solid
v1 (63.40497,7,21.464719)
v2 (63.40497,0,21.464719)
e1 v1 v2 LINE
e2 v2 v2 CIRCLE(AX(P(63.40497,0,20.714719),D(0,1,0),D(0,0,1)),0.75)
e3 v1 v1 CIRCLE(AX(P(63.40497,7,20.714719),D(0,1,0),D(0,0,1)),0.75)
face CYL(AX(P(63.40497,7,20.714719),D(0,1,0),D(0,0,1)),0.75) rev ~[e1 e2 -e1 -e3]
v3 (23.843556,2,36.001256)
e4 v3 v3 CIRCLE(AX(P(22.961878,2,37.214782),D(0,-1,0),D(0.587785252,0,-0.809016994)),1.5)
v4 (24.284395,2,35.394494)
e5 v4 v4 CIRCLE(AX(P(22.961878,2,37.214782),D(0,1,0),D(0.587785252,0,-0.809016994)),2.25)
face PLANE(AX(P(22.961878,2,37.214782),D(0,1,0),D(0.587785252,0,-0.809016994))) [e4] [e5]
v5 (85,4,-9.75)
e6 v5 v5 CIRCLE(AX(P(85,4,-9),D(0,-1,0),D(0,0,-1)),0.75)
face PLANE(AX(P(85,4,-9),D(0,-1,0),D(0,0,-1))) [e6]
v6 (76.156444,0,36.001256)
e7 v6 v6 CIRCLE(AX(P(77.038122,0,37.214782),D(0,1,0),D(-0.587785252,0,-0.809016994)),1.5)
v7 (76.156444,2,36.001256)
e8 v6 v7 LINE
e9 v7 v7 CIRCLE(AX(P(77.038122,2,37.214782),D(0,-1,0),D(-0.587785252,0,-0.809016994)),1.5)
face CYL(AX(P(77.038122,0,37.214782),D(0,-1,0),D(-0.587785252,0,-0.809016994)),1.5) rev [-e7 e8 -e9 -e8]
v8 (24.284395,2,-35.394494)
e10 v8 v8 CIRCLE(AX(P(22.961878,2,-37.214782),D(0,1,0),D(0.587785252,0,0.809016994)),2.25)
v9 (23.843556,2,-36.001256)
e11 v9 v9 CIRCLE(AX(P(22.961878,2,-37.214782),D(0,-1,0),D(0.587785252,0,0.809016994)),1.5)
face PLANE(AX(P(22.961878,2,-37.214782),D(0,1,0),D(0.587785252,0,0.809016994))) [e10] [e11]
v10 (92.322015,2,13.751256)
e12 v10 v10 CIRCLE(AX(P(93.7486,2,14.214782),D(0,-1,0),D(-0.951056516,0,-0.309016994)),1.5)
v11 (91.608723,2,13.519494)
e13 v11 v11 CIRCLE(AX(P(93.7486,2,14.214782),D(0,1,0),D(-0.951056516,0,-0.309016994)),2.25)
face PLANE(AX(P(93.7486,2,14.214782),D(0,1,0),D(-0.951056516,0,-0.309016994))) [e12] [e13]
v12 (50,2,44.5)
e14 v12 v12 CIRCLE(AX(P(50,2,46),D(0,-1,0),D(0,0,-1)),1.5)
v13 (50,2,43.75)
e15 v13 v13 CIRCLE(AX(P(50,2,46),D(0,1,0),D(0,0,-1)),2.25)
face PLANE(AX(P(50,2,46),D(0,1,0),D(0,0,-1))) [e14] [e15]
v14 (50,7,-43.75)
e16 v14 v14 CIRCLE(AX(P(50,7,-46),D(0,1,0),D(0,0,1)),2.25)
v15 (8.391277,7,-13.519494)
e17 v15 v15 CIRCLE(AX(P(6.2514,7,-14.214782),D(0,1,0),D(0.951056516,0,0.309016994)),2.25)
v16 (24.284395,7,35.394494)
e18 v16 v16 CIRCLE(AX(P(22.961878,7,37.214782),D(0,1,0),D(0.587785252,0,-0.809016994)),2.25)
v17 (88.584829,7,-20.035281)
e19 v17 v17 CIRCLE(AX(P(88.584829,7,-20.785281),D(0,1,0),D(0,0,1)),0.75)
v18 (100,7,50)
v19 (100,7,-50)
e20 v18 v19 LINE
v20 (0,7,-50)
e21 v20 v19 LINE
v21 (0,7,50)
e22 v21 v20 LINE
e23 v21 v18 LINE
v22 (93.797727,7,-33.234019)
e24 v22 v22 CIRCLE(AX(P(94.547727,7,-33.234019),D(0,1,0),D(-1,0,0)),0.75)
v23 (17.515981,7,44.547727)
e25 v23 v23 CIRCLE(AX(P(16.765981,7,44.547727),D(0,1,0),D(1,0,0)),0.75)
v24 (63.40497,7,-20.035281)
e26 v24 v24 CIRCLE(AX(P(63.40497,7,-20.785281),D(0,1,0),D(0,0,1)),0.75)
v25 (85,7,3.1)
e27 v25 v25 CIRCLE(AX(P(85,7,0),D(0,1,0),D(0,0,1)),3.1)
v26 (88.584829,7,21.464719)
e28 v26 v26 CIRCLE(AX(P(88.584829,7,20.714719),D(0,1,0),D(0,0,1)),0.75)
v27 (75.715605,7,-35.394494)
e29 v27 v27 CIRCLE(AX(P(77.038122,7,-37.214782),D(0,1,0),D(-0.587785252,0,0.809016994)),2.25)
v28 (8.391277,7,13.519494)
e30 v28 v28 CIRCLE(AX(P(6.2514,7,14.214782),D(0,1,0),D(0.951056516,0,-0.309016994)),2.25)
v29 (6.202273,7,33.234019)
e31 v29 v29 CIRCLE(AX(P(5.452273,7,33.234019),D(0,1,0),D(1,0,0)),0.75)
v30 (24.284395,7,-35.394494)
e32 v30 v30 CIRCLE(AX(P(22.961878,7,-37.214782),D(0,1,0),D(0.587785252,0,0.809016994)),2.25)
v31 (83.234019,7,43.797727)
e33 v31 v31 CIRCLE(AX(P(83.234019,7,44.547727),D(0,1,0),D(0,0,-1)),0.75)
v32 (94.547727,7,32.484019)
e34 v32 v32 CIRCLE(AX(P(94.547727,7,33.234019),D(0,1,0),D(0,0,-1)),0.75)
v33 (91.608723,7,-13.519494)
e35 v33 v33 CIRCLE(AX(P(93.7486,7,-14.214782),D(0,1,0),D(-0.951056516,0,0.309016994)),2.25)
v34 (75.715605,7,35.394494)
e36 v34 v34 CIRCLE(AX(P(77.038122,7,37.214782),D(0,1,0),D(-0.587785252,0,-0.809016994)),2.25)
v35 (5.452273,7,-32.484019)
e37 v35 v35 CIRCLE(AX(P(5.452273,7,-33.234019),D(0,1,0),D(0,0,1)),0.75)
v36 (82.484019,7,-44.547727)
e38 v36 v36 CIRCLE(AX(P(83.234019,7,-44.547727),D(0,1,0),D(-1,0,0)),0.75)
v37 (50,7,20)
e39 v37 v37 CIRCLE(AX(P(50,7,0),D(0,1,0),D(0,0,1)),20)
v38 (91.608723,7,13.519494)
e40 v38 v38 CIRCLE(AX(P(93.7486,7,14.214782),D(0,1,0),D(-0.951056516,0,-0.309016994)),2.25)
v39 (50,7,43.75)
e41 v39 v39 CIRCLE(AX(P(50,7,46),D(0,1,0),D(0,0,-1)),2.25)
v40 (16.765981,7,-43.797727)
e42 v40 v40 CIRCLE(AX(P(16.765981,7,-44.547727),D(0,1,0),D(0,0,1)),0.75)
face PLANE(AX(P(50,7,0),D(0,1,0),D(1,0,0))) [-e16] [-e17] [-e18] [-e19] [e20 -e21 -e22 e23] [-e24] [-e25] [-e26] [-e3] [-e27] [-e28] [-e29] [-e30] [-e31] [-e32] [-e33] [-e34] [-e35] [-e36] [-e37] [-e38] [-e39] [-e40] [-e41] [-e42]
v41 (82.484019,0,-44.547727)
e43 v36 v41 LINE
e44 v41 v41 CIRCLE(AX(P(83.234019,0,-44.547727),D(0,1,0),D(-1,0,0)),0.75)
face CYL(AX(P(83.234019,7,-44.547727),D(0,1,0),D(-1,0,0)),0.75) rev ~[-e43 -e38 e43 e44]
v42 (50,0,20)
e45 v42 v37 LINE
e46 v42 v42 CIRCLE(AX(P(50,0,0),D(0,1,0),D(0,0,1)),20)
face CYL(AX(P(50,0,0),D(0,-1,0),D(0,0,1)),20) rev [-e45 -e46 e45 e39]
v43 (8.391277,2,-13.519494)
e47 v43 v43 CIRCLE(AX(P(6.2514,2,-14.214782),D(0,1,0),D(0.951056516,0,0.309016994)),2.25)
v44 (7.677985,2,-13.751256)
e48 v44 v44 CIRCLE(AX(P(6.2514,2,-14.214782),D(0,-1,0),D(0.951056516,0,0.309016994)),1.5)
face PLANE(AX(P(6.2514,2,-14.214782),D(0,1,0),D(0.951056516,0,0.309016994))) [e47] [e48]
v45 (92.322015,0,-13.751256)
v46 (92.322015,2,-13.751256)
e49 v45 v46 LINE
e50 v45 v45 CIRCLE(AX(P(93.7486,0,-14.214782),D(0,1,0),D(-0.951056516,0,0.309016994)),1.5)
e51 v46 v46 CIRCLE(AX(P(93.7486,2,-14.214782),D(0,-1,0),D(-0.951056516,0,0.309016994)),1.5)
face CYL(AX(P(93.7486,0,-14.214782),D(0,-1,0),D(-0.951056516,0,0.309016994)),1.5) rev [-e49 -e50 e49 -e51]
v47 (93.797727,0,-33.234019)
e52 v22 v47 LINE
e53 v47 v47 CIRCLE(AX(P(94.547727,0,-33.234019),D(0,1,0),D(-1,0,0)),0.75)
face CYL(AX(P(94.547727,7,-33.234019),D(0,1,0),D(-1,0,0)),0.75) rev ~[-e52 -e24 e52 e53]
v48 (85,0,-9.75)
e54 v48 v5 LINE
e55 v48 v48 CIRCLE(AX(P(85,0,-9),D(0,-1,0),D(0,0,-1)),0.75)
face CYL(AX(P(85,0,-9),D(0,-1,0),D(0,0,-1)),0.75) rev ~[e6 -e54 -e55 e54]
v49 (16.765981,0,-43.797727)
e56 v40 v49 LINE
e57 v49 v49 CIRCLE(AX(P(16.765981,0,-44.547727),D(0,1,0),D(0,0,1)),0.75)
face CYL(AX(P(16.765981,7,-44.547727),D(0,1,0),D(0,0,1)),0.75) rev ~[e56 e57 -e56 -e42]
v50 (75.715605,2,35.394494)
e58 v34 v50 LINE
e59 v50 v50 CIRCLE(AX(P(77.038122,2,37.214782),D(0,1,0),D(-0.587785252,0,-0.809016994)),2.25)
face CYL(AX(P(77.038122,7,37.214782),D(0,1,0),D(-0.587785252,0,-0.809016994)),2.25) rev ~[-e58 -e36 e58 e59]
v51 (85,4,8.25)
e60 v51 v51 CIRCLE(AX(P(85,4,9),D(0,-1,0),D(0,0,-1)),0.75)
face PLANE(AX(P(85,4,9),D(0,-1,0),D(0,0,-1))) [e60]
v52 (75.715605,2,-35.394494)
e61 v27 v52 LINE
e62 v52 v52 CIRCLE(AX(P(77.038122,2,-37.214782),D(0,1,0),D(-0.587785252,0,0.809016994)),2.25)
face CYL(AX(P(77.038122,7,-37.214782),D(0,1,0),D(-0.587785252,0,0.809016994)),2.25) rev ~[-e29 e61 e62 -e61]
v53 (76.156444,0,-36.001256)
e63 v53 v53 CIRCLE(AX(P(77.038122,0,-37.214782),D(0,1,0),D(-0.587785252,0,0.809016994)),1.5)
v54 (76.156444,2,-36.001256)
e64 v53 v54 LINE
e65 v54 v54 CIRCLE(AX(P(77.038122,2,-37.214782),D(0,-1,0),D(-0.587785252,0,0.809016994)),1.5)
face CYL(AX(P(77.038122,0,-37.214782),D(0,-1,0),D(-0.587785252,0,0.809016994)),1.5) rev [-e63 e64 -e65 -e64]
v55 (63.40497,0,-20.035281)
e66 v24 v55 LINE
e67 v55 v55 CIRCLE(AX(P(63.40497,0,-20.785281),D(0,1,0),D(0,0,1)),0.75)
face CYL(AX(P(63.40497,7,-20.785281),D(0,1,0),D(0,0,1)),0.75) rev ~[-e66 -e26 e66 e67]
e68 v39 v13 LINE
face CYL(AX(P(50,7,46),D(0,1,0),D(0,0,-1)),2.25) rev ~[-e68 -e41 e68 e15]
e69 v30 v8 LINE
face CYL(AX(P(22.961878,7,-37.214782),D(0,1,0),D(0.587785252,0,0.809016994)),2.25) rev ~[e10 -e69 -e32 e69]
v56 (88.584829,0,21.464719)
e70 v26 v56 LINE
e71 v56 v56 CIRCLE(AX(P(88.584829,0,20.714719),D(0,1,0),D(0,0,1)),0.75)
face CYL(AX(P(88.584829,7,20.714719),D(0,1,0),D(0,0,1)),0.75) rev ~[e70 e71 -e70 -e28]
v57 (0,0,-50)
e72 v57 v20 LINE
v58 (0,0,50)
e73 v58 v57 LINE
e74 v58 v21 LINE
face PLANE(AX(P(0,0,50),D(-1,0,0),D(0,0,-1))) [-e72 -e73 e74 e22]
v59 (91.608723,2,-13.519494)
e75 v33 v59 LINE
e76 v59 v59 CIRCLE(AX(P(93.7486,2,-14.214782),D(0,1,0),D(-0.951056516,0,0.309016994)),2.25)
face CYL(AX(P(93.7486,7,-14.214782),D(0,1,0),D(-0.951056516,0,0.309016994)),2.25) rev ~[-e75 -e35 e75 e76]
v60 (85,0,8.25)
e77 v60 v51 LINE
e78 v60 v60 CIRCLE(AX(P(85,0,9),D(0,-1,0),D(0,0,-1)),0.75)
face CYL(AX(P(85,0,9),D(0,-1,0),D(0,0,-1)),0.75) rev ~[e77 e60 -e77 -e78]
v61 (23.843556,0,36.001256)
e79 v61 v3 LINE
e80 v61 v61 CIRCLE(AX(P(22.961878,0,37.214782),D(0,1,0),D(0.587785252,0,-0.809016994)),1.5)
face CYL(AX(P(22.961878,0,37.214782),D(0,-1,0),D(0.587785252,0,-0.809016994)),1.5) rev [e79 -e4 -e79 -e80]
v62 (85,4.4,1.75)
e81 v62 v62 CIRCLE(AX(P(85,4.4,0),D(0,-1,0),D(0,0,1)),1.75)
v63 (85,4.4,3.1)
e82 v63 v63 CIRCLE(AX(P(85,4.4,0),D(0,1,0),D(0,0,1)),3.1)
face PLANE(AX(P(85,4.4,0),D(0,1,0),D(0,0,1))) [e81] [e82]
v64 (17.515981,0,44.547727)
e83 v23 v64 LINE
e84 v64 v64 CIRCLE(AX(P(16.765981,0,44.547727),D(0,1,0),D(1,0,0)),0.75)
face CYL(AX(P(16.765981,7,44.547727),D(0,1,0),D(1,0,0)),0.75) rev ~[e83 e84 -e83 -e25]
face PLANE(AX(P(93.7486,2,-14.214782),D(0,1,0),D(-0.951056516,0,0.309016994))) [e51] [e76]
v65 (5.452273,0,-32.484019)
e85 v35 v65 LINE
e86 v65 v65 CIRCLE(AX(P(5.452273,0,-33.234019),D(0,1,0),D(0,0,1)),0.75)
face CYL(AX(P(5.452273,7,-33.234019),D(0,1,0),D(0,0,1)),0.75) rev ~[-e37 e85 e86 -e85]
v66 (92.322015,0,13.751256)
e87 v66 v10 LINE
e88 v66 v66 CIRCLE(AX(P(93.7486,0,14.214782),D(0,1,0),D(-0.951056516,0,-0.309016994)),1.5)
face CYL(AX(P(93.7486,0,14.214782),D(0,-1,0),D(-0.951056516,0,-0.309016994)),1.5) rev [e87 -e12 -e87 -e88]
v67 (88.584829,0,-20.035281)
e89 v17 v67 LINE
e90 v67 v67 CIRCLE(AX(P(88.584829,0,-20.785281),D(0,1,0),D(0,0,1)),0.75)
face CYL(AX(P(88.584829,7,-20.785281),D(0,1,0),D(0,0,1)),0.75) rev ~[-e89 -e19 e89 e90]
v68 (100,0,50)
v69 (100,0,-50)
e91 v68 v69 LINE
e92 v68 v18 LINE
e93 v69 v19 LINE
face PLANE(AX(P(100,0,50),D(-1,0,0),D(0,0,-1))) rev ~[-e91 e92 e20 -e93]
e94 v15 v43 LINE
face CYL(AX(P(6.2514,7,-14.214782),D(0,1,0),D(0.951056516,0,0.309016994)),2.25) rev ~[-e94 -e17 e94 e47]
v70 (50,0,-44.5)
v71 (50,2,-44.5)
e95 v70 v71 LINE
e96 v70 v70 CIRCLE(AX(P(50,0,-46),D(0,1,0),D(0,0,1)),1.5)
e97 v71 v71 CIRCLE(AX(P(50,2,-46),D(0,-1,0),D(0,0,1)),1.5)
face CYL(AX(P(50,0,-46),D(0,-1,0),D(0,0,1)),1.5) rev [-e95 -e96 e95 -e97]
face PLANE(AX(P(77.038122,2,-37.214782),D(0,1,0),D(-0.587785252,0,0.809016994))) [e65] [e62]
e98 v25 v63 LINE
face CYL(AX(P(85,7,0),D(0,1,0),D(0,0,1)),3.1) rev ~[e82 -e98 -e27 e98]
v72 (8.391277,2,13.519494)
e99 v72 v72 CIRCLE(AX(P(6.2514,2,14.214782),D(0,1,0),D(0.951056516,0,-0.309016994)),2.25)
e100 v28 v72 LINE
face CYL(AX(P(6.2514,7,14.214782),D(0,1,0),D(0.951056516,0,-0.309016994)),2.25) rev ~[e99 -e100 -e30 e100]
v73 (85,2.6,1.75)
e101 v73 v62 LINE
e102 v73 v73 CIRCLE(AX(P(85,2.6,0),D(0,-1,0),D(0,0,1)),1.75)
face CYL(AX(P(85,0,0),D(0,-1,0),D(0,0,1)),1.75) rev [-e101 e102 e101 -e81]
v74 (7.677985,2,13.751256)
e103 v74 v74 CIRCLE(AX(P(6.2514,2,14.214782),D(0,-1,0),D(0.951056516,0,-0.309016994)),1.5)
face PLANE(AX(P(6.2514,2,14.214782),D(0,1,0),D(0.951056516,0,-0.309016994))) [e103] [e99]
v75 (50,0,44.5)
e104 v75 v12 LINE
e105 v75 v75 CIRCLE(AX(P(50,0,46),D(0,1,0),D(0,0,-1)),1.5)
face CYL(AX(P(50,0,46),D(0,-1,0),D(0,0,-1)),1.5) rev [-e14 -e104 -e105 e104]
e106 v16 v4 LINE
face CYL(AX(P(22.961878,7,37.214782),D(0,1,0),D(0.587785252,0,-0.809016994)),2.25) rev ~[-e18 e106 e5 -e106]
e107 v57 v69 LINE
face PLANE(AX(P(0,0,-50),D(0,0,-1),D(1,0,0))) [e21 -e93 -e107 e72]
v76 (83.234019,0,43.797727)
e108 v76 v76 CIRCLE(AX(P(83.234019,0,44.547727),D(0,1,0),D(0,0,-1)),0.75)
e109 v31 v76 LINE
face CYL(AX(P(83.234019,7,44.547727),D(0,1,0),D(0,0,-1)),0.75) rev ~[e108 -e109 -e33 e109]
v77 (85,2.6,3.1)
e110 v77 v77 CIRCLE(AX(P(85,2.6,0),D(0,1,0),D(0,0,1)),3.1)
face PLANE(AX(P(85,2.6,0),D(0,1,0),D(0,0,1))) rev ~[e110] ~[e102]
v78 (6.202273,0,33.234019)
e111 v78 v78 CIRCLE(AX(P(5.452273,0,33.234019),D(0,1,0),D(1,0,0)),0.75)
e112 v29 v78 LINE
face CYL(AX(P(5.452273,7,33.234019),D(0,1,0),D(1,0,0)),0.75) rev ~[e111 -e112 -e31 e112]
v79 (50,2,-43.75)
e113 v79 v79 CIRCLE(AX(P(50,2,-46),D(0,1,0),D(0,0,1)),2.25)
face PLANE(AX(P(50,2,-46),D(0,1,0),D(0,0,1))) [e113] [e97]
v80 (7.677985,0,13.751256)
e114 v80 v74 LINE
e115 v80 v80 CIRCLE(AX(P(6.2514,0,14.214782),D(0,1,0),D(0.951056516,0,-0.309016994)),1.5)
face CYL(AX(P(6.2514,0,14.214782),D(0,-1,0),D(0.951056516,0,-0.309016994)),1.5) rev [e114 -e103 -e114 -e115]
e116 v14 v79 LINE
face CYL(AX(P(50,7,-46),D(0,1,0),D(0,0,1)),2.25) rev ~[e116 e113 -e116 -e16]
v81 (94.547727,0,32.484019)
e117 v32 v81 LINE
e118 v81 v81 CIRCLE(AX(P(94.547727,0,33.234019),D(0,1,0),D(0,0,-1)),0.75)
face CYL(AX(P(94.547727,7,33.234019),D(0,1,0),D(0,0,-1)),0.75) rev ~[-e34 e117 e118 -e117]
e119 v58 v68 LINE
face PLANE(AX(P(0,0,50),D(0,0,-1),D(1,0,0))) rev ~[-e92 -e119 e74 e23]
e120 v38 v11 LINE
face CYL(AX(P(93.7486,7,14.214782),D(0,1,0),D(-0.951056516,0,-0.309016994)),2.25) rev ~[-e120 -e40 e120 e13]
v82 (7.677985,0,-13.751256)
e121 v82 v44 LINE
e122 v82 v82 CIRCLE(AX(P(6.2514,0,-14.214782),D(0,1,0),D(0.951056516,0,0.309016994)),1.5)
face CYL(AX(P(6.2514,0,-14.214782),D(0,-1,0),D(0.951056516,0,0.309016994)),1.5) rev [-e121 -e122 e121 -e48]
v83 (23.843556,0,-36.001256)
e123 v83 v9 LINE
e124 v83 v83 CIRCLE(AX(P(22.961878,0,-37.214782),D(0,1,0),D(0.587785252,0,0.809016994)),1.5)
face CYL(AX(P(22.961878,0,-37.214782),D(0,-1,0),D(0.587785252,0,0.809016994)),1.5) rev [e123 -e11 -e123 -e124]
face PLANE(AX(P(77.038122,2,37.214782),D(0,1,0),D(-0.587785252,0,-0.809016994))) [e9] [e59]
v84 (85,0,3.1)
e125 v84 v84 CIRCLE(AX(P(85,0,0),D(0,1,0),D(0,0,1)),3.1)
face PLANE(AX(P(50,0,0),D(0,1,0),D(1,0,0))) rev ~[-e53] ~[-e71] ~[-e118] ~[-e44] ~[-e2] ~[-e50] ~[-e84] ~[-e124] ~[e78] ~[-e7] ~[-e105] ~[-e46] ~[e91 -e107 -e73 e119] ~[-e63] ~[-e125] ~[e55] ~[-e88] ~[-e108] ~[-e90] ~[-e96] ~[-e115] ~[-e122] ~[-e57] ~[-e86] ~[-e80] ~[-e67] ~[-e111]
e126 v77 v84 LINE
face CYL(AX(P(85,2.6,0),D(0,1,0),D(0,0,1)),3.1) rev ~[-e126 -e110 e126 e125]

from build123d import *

# Parameters (mm, degrees)
SKETCH_1_W               = 100
SKETCH_1_H               = 100
SKETCH_1_R               = 1.75
SKETCH_1_R_2             = 20
EXTRUDE_1_DEPTH          = 7
CUT_EXTRUDE_START        = 7
SKETCH_1_15_R            = 3.1
CUT_EXTRUDE_2_DEPTH      = 2.6
CUT_EXTRUDE_START_2      = 2.6
SKETCH_1_16_R            = 3.1
CUT_EXTRUDE_3_DEPTH      = 2.6
SKETCH_1_17_R            = 1.5
CUT_EXTRUDE_4_DEPTH      = 113.022319205
SKETCH_1_18_R            = 2.25
CUT_EXTRUDE_5_DEPTH      = 5
PATTERN_CIRCULAR_1_COUNT = 10
SKETCH_2_R               = 0.75
CUT_EXTRUDE_6_DEPTH      = 4
SKETCH_3_R               = 0.75
CUT_EXTRUDE_7_DEPTH      = 113.022319205
PATTERN_CIRCULAR_2_COUNT = 4
SKETCH_3_3_R             = 0.75
CUT_EXTRUDE_8_DEPTH      = 113.022319205


with BuildPart() as part:
    # 草图1 → 凸台-拉伸1 (new body)
    with BuildSketch(Plane(origin=(0, 0, 0), x_dir=(1, 0, 0), z_dir=(0, 1, 0))):
        with Locations((50, 0)):
            Rectangle(SKETCH_1_W, SKETCH_1_H)
        with Locations(Location((85, 0, 0), (0, 0, 270))):
            Circle(SKETCH_1_R, mode=Mode.SUBTRACT)
        with Locations(Location((50, 0, 0), (0, 0, 270))):
            Circle(SKETCH_1_R_2, mode=Mode.SUBTRACT)
    extrude(amount=EXTRUDE_1_DEPTH)

    # 草图1<15> → 切除-拉伸2 (cut)
    with BuildSketch(Plane(origin=(0, 0, 0), x_dir=(1, 0, 0), z_dir=(0, 1, 0)).offset(CUT_EXTRUDE_START)):
        with Locations(Location((85, 0, 0), (0, 0, 270))):
            Circle(SKETCH_1_15_R)
    extrude(amount=-CUT_EXTRUDE_2_DEPTH, mode=Mode.SUBTRACT)

    # 草图1<16> → 切除-拉伸3 (cut)
    with BuildSketch(Plane(origin=(0, 0, 0), x_dir=(1, 0, 0), z_dir=(0, 1, 0)).offset(CUT_EXTRUDE_START_2)):
        with Locations(Location((85, 0, 0), (0, 0, 270))):
            Circle(SKETCH_1_16_R)
    extrude(amount=-CUT_EXTRUDE_3_DEPTH, mode=Mode.SUBTRACT)

    # 草图1<17> → 切除-拉伸4 (cut, through all)
    with BuildSketch(Plane(origin=(0, 0, 0), x_dir=(1, 0, 0), z_dir=(0, 1, 0))):
        with Locations(Location((50, 46, 0), (0, 0, 270))):
            Circle(SKETCH_1_17_R)
    cut_extrude_4 = extrude(amount=CUT_EXTRUDE_4_DEPTH, mode=Mode.SUBTRACT)

    # 草图1<18> → 切除-拉伸5 (cut)
    with BuildSketch(Plane(origin=(0, 0, 0), x_dir=(1, 0, 0), z_dir=(0, 1, 0)).offset(CUT_EXTRUDE_START)):
        with Locations(Location((50, 46, 0), (0, 0, 270))):
            Circle(SKETCH_1_18_R)
    cut_extrude_5 = extrude(amount=-CUT_EXTRUDE_5_DEPTH, mode=Mode.SUBTRACT)

    # 阵列(圆周)1: 切除-拉伸4, 切除-拉伸5 ×10 about axis
    pattern_circular_1_axis = Axis((50, 0, 0), (0, 1, 0))
    add([cut_extrude_4.rotate(pattern_circular_1_axis, i * 360 / PATTERN_CIRCULAR_1_COUNT) for i in range(1, PATTERN_CIRCULAR_1_COUNT)], mode=Mode.SUBTRACT)
    add([cut_extrude_5.rotate(pattern_circular_1_axis, i * 360 / PATTERN_CIRCULAR_1_COUNT) for i in range(1, PATTERN_CIRCULAR_1_COUNT)], mode=Mode.SUBTRACT)

    # 草图2 → 切除-拉伸6 (cut)
    with BuildSketch(Plane.XZ):
        with Locations(Location((85, 9, 0), (0, 0, 270))):
            Circle(SKETCH_2_R)
        with Locations(Location((85, -9, 0), (0, 0, 270))):
            Circle(SKETCH_2_R)
    extrude(amount=-CUT_EXTRUDE_6_DEPTH, mode=Mode.SUBTRACT)

    # 草图3 → 切除-拉伸7 (cut, through all)
    with BuildSketch(Plane(origin=(0, 7, 0), x_dir=(1, 0, 0), z_dir=(0, 1, 0))):
        with Locations(Location((5.452272785, 33.234018716, 0), (0, 0, 270))):
            Circle(SKETCH_3_R)
        with Locations(Location((16.765981284, 44.547727215, 0), (0, 0, 270))):
            Circle(SKETCH_3_R)
    cut_extrude_7 = extrude(amount=-CUT_EXTRUDE_7_DEPTH, mode=Mode.SUBTRACT)

    # 阵列(圆周)2: 切除-拉伸7 ×4 about axis
    pattern_circular_2_axis = Axis((50, 0, 0), (0, 1, 0))
    for i in range(1, PATTERN_CIRCULAR_2_COUNT):
        add(cut_extrude_7.rotate(pattern_circular_2_axis, i * 360 / PATTERN_CIRCULAR_2_COUNT), mode=Mode.SUBTRACT)

    # 草图3<3> → 切除-拉伸8 (cut, through all)
    with BuildSketch(Plane(origin=(0, 7, 0), x_dir=(1, 0, 0), z_dir=(0, 1, 0))):
        with Locations(Location((63.404969626, 20.785281374, 0), (0, 0, 270))):
            Circle(SKETCH_3_3_R)
        with Locations(Location((88.584828776, 20.785281374, 0), (0, 0, 270))):
            Circle(SKETCH_3_3_R)
        with Locations(Location((63.404969626, -20.714718626, 0), (0, 0, 270))):
            Circle(SKETCH_3_3_R)
        with Locations(Location((88.584828776, -20.714718626, 0), (0, 0, 270))):
            Circle(SKETCH_3_3_R)
    extrude(amount=-CUT_EXTRUDE_8_DEPTH, mode=Mode.SUBTRACT)


solid = part.part
